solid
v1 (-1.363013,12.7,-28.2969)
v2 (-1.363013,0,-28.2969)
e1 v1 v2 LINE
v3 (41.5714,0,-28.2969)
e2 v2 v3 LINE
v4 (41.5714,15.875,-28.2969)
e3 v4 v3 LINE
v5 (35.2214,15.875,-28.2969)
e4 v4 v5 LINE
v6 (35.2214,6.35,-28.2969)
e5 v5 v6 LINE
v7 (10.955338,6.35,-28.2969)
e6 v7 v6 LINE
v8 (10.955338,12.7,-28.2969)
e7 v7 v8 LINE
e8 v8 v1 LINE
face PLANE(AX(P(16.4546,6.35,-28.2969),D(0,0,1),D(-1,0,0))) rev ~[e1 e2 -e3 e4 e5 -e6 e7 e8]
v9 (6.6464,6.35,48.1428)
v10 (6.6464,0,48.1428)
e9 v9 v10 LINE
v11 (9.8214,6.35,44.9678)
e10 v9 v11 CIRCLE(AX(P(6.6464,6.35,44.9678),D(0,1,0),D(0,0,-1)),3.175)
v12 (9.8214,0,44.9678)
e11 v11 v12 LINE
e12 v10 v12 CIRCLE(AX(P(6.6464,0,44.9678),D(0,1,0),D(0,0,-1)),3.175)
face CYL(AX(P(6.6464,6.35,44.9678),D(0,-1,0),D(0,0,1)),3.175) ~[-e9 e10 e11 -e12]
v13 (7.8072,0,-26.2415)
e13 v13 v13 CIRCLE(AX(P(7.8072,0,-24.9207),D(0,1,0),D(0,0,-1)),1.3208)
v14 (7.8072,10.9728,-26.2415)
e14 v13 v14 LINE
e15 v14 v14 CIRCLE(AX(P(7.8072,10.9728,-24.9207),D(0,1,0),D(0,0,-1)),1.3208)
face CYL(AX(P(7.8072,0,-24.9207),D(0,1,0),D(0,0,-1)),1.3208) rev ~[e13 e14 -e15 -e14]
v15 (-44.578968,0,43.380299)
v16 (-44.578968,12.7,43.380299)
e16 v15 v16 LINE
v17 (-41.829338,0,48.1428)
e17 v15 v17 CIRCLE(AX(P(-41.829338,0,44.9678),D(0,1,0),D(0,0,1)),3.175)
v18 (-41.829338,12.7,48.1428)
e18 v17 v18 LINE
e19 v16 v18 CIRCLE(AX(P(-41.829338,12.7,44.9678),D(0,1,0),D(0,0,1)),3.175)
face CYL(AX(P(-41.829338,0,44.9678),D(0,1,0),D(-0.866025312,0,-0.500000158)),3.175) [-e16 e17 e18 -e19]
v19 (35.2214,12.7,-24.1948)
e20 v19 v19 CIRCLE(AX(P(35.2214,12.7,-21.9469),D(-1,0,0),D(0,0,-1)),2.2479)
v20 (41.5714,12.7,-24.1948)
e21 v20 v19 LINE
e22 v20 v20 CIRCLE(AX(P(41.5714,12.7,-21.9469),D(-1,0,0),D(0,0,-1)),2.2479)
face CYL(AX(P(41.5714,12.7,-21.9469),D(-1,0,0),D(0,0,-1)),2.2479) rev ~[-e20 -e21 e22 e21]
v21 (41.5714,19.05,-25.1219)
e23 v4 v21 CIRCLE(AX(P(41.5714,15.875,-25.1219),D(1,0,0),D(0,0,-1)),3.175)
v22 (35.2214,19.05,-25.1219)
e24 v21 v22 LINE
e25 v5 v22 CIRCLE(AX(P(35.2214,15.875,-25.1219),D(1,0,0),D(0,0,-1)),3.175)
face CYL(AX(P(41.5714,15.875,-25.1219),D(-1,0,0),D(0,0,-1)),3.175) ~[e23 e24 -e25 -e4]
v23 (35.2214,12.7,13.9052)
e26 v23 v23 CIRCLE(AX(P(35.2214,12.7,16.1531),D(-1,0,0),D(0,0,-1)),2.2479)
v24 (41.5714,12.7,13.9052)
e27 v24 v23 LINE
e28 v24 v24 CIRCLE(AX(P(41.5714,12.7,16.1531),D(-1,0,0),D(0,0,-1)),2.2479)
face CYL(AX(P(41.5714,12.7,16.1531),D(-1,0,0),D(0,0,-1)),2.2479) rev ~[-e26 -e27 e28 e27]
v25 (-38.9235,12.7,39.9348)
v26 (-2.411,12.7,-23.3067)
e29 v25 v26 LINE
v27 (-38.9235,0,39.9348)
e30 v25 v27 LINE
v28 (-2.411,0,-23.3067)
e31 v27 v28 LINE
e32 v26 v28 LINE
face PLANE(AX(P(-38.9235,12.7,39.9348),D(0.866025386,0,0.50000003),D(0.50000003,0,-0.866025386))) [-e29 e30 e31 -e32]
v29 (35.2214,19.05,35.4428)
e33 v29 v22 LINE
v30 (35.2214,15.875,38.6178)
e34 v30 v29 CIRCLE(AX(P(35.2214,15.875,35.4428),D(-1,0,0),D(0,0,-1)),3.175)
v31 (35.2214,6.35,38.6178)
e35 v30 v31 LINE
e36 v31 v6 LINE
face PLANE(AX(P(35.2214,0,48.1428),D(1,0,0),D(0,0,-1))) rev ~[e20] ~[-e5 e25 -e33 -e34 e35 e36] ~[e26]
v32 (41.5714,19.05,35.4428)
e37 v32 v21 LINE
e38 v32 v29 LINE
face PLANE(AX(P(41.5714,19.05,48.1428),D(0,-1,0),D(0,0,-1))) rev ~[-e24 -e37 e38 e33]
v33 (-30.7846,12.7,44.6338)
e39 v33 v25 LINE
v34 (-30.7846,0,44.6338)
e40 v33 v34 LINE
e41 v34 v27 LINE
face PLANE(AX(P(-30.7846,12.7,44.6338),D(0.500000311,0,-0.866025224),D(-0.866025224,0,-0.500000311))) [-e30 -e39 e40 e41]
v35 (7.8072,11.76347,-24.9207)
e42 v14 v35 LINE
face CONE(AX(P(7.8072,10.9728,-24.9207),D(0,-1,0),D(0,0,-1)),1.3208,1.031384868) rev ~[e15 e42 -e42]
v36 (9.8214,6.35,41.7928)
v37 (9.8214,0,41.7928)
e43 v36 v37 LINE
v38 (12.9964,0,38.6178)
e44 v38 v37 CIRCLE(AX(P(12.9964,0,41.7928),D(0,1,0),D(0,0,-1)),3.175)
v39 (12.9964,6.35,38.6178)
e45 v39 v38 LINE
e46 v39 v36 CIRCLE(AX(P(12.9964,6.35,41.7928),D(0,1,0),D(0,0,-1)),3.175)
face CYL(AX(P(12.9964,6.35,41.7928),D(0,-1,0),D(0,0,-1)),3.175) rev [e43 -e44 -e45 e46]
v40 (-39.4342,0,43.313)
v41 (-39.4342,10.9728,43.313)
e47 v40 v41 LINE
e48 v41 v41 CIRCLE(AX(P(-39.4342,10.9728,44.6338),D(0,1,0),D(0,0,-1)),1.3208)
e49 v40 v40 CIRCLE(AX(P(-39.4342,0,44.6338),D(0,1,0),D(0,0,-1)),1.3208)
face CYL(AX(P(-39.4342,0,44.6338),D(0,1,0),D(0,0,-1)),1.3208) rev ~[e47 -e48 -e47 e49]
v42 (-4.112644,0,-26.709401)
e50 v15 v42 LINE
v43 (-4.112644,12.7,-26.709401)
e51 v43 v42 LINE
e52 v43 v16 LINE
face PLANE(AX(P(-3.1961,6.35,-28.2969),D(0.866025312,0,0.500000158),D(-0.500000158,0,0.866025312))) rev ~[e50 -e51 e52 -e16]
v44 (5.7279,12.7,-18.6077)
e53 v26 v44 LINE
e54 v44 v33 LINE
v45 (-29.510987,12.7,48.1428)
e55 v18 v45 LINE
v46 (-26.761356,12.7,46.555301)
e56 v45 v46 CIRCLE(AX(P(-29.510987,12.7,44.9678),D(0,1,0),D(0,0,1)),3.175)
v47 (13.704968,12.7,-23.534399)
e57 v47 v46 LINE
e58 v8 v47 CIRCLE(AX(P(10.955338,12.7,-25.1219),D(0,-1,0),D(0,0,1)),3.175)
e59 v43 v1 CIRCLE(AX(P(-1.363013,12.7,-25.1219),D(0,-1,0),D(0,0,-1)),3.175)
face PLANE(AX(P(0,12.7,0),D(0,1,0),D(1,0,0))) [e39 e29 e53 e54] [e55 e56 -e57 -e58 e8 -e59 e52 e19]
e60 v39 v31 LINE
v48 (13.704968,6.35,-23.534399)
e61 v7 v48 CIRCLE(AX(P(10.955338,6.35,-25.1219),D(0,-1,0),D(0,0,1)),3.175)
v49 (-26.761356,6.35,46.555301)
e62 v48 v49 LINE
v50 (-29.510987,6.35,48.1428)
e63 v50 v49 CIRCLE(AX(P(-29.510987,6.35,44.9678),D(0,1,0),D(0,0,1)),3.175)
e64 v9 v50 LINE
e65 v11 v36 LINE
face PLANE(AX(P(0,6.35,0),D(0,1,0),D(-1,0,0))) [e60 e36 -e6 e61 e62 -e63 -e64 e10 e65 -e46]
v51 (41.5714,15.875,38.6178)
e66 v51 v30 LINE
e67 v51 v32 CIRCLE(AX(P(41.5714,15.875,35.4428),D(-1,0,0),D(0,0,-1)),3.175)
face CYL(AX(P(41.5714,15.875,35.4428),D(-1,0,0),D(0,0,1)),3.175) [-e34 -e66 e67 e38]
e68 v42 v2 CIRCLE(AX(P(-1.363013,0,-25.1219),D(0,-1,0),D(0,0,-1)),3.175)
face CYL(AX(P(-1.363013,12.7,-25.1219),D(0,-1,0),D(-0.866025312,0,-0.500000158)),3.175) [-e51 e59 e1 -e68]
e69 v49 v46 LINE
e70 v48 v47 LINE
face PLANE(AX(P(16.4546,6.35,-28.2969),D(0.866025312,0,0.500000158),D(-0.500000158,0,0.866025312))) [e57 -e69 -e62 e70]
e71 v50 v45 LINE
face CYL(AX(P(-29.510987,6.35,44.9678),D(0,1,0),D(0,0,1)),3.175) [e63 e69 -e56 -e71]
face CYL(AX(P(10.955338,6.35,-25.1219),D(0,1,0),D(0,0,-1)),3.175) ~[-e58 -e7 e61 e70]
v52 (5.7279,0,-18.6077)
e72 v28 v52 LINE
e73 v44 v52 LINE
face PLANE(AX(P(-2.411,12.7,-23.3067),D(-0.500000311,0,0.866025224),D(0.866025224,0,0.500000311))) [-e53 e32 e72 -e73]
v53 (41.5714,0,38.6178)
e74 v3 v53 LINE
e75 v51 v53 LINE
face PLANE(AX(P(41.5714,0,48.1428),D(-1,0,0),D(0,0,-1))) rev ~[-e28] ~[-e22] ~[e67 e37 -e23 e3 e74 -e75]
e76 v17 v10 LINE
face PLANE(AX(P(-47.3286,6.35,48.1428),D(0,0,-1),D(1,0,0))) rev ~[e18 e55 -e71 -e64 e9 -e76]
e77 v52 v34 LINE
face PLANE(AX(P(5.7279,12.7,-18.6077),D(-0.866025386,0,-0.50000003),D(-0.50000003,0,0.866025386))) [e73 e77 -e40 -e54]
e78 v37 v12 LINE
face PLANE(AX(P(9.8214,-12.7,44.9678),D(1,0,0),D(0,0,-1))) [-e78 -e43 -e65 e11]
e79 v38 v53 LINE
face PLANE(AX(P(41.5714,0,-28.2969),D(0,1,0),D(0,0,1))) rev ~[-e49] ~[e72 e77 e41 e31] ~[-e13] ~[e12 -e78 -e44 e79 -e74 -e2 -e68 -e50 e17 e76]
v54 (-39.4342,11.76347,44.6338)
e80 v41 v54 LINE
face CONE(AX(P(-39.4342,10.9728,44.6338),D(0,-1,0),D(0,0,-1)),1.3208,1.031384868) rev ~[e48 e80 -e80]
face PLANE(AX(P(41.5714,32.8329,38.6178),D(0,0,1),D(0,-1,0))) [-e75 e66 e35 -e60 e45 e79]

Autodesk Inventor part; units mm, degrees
ref_plane "YZ Plane" through (0, 0, 0) normal (1, 0, 0) x (0, 1, 0)
ref_plane "XZ Plane" through (0, 0, 0) normal (0, 1, 0) x (-1, 0, 0)
ref_plane "XY Plane" through (0, 0, 0) normal (0, 0, 1) x (1, 0, 0)
sketch "Sketch1" plane through (0, 0, 0) normal (0, 1, 0) x (-1, 0, 0)
  line L0 (47.3286, 48.1428) -> (-41.5714, 48.1428)
  line L1 (-41.5714, 48.1428) -> (-41.5714, -28.2969)
  line L2 (-41.5714, -28.2969) -> (3.1961, -28.2969)
  line L3 (47.3286, 48.1428) -> (3.1961, -28.2969)
  point P0 (0, 0)
  dimension "d0" = 60
  dimension "d1" = 88.265
  dimension "d2" = 88.9
extrude "Extrusion1" add sketch "Sketch1" along normal blind 6.35
sketch "Sketch2" plane through (41.5714, 0, 48.1428) normal (1, 0, 0) x (0, 0, -1)
  line L0 (0, 19.05) -> (76.4397, 19.05)
  line L1 (76.4397, 19.05) -> (76.4397, -12.7)
  line L2 (76.4397, -12.7) -> (0, -12.7)
  line L3 (0, -12.7) -> (0, 19.05)
  line L4 (0, 0) -> (76.4397, 0) projected
  line L5 (0, 6.35) -> (76.4397, 6.35) projected
  line L6 (0, 0) -> (0, 6.35) projected
  line L7 (76.4397, 0) -> (76.4397, 6.35) projected
  point P0 (48.1428, 0)
  dimension "d5" = 12.7
  dimension "d6" = 12.7
  dimension "d7" = 0
  dimension "d8" = 0
extrude "Extrusion2" add sketch "Sketch2" against normal blind 6.35 contours L0 L1 L5 L3 | L4 L1 L2 L3
sketch "Sketch3" plane through (0, 6.35, 0) normal (0, 1, 0) x (1, 0, 0)
  line L0 (-47.3286, -48.1428) -> (35.2214, -48.1428) projected
  line L1 (-3.1961, 28.2969) -> (-47.3286, -48.1428) projected
  line L2 (35.2214, 28.2969) -> (-3.1961, 28.2969) projected
  line L3 (-47.3286, -48.1428) -> (35.2214, -48.1428) projected
  line L4 (-47.3286, -48.1428) -> (-3.1961, 28.2969)
  line L5 (-3.1961, 28.2969) -> (16.4546, 28.2969)
  line L6 (35.2214, 28.2969) -> (-3.1961, 28.2969) projected
  line L7 (16.4546, 28.2969) -> (-27.6779, -48.1428)
  line L8 (-47.3286, -48.1428) -> (-27.6779, -48.1428)
  dimension "d13" = 17.018
extrude "Extrusion3" add sketch "Sketch3" along normal blind 6.35
sketch "Sketch4" plane through (0, 12.7, 0) normal (0, 1, 0) x (1, 0, 0)
  line L0 (-3.1961, 28.2969) -> (-47.3286, -48.1428) projected
  line L1 (-38.9235, -39.9348) -> (-2.411, 23.3067)
  line L2 (-2.411, 23.3067) -> (5.7279, 18.6077)
  line L3 (5.7279, 18.6077) -> (-30.7846, -44.6338)
  line L4 (-30.7846, -44.6338) -> (-38.9235, -39.9348)
  point P0 (0, 0)
  dimension "d16" = 9.398
  dimension "d17" = 3.175
  dimension "d18" = 73.025
extrude "Extrusion4" cut sketch "Sketch4" against normal blind 25.4
sketch "Sketch5" plane through (41.5714, 19.05, 48.1428) normal (1, 0, 0) x (0, 0, -1)
  line L0 (76.4397, -31.75) -> (0, -31.75) projected
  line L1 (76.4397, -31.75) -> (76.4397, 0) projected
  line L2 (0, 0) -> (76.4397, 0) projected
  point P0 (48.1428, -19.05)
  point P1 (70.0897, -6.35)
  point P2 (31.9897, -6.35)
  dimension "d22" = 0
  dimension "d23" = 6.35
  dimension "d24" = 38.1
  dimension "d48" = 6.35
hole "Hole1" at (41.5714, 12.7, -21.9469) at (41.5714, 12.7, 16.1531) direction (-1, 0, 0) diameter 4.4958 depth 25.4 tip angle 118.188 clearance for "Flat Head Machine Screw (82)" size "#8" standard "Ansi Unified Screw Threads"
fillet "Fillet1" radius 3.175 1 edges at (-47.3286, 6.35, 48.1428)
fillet "Fillet2" radius 3.175 1 edges at (-3.1961, 6.35, -28.2969)
fillet "Fillet4" radius 3.175 6 edges at (38.3964, -12.7, -28.2969) (38.3964, -12.7, 48.1428) (38.3964, 19.05, -28.2969) (38.3964, 19.05, 48.1428) (16.4546, 9.525, -28.2969) (-27.6779, 9.525, 48.1428)
sketch "Sketch8" plane through (41.5714, -12.7, 44.9678) normal (1, 0, 0) x (0, 0, -1)
  line L0 (-49.5788, 45.5329) -> (6.35, 45.5329)
  line L1 (6.35, 45.5329) -> (6.35, -8.6732)
  line L2 (6.35, -8.6732) -> (-49.5788, -8.6732)
  line L3 (-49.5788, -8.6732) -> (-49.5788, 45.5329)
  line L4 (-3.175, 3.175) -> (-3.175, 28.575) projected
  point P0 (44.9678, 12.7)
  dimension "d41" = 9.525
extrude "Extrusion7" cut sketch "Sketch8" against normal blind 31.75
fillet "Fillet5" radius 3.175 1 edges at (9.8214, 3.175, 48.1428)
fillet "Fillet6" radius 3.175 2 edges at (38.3964, 19.05, 38.6178) (38.3964, -12.7, 38.6178)
fillet "Fillet7" radius 3.175 1 edges at (9.8214, 3.175, 38.6178)
sketch "Sketch10" plane through (41.5714, -9.525, -28.2969) normal (1, 0, 0) x (0, 0, -1)
  line L0 (-71.5248, -9.7742) -> (12.1423, -9.7742)
  line L1 (12.1423, -9.7742) -> (12.1423, 9.525)
  line L2 (12.1423, 9.525) -> (-71.5248, 9.525)
  line L3 (-71.5248, 9.525) -> (-71.5248, -9.7742)
  line L4 (0, 9.525) -> (-66.9147, 9.525) projected
  point P0 (-28.2969, 9.525)
  dimension "d49" = 0
extrude "Extrusion8" cut sketch "Sketch10" against normal blind 31.75
sketch "Sketch11" plane through (0, 0, 0) normal (0, -1, 0) x (1, 0, 0)
  point P0 (0, 0)
  point P1 (7.8072, -24.9207)
  point P2 (-39.4342, 44.6338)
hole "Hole2" at (7.8072, 0, -24.9207) at (-39.4342, 0, 44.6338) direction (0, 1, 0) diameter 2.6416 depth 10.9728 tip angle 118.188 thread size "6-32 UNC" class "2B" standard "ANSI Unified Screw Threads"
properties part number "PhoneStandRight"
